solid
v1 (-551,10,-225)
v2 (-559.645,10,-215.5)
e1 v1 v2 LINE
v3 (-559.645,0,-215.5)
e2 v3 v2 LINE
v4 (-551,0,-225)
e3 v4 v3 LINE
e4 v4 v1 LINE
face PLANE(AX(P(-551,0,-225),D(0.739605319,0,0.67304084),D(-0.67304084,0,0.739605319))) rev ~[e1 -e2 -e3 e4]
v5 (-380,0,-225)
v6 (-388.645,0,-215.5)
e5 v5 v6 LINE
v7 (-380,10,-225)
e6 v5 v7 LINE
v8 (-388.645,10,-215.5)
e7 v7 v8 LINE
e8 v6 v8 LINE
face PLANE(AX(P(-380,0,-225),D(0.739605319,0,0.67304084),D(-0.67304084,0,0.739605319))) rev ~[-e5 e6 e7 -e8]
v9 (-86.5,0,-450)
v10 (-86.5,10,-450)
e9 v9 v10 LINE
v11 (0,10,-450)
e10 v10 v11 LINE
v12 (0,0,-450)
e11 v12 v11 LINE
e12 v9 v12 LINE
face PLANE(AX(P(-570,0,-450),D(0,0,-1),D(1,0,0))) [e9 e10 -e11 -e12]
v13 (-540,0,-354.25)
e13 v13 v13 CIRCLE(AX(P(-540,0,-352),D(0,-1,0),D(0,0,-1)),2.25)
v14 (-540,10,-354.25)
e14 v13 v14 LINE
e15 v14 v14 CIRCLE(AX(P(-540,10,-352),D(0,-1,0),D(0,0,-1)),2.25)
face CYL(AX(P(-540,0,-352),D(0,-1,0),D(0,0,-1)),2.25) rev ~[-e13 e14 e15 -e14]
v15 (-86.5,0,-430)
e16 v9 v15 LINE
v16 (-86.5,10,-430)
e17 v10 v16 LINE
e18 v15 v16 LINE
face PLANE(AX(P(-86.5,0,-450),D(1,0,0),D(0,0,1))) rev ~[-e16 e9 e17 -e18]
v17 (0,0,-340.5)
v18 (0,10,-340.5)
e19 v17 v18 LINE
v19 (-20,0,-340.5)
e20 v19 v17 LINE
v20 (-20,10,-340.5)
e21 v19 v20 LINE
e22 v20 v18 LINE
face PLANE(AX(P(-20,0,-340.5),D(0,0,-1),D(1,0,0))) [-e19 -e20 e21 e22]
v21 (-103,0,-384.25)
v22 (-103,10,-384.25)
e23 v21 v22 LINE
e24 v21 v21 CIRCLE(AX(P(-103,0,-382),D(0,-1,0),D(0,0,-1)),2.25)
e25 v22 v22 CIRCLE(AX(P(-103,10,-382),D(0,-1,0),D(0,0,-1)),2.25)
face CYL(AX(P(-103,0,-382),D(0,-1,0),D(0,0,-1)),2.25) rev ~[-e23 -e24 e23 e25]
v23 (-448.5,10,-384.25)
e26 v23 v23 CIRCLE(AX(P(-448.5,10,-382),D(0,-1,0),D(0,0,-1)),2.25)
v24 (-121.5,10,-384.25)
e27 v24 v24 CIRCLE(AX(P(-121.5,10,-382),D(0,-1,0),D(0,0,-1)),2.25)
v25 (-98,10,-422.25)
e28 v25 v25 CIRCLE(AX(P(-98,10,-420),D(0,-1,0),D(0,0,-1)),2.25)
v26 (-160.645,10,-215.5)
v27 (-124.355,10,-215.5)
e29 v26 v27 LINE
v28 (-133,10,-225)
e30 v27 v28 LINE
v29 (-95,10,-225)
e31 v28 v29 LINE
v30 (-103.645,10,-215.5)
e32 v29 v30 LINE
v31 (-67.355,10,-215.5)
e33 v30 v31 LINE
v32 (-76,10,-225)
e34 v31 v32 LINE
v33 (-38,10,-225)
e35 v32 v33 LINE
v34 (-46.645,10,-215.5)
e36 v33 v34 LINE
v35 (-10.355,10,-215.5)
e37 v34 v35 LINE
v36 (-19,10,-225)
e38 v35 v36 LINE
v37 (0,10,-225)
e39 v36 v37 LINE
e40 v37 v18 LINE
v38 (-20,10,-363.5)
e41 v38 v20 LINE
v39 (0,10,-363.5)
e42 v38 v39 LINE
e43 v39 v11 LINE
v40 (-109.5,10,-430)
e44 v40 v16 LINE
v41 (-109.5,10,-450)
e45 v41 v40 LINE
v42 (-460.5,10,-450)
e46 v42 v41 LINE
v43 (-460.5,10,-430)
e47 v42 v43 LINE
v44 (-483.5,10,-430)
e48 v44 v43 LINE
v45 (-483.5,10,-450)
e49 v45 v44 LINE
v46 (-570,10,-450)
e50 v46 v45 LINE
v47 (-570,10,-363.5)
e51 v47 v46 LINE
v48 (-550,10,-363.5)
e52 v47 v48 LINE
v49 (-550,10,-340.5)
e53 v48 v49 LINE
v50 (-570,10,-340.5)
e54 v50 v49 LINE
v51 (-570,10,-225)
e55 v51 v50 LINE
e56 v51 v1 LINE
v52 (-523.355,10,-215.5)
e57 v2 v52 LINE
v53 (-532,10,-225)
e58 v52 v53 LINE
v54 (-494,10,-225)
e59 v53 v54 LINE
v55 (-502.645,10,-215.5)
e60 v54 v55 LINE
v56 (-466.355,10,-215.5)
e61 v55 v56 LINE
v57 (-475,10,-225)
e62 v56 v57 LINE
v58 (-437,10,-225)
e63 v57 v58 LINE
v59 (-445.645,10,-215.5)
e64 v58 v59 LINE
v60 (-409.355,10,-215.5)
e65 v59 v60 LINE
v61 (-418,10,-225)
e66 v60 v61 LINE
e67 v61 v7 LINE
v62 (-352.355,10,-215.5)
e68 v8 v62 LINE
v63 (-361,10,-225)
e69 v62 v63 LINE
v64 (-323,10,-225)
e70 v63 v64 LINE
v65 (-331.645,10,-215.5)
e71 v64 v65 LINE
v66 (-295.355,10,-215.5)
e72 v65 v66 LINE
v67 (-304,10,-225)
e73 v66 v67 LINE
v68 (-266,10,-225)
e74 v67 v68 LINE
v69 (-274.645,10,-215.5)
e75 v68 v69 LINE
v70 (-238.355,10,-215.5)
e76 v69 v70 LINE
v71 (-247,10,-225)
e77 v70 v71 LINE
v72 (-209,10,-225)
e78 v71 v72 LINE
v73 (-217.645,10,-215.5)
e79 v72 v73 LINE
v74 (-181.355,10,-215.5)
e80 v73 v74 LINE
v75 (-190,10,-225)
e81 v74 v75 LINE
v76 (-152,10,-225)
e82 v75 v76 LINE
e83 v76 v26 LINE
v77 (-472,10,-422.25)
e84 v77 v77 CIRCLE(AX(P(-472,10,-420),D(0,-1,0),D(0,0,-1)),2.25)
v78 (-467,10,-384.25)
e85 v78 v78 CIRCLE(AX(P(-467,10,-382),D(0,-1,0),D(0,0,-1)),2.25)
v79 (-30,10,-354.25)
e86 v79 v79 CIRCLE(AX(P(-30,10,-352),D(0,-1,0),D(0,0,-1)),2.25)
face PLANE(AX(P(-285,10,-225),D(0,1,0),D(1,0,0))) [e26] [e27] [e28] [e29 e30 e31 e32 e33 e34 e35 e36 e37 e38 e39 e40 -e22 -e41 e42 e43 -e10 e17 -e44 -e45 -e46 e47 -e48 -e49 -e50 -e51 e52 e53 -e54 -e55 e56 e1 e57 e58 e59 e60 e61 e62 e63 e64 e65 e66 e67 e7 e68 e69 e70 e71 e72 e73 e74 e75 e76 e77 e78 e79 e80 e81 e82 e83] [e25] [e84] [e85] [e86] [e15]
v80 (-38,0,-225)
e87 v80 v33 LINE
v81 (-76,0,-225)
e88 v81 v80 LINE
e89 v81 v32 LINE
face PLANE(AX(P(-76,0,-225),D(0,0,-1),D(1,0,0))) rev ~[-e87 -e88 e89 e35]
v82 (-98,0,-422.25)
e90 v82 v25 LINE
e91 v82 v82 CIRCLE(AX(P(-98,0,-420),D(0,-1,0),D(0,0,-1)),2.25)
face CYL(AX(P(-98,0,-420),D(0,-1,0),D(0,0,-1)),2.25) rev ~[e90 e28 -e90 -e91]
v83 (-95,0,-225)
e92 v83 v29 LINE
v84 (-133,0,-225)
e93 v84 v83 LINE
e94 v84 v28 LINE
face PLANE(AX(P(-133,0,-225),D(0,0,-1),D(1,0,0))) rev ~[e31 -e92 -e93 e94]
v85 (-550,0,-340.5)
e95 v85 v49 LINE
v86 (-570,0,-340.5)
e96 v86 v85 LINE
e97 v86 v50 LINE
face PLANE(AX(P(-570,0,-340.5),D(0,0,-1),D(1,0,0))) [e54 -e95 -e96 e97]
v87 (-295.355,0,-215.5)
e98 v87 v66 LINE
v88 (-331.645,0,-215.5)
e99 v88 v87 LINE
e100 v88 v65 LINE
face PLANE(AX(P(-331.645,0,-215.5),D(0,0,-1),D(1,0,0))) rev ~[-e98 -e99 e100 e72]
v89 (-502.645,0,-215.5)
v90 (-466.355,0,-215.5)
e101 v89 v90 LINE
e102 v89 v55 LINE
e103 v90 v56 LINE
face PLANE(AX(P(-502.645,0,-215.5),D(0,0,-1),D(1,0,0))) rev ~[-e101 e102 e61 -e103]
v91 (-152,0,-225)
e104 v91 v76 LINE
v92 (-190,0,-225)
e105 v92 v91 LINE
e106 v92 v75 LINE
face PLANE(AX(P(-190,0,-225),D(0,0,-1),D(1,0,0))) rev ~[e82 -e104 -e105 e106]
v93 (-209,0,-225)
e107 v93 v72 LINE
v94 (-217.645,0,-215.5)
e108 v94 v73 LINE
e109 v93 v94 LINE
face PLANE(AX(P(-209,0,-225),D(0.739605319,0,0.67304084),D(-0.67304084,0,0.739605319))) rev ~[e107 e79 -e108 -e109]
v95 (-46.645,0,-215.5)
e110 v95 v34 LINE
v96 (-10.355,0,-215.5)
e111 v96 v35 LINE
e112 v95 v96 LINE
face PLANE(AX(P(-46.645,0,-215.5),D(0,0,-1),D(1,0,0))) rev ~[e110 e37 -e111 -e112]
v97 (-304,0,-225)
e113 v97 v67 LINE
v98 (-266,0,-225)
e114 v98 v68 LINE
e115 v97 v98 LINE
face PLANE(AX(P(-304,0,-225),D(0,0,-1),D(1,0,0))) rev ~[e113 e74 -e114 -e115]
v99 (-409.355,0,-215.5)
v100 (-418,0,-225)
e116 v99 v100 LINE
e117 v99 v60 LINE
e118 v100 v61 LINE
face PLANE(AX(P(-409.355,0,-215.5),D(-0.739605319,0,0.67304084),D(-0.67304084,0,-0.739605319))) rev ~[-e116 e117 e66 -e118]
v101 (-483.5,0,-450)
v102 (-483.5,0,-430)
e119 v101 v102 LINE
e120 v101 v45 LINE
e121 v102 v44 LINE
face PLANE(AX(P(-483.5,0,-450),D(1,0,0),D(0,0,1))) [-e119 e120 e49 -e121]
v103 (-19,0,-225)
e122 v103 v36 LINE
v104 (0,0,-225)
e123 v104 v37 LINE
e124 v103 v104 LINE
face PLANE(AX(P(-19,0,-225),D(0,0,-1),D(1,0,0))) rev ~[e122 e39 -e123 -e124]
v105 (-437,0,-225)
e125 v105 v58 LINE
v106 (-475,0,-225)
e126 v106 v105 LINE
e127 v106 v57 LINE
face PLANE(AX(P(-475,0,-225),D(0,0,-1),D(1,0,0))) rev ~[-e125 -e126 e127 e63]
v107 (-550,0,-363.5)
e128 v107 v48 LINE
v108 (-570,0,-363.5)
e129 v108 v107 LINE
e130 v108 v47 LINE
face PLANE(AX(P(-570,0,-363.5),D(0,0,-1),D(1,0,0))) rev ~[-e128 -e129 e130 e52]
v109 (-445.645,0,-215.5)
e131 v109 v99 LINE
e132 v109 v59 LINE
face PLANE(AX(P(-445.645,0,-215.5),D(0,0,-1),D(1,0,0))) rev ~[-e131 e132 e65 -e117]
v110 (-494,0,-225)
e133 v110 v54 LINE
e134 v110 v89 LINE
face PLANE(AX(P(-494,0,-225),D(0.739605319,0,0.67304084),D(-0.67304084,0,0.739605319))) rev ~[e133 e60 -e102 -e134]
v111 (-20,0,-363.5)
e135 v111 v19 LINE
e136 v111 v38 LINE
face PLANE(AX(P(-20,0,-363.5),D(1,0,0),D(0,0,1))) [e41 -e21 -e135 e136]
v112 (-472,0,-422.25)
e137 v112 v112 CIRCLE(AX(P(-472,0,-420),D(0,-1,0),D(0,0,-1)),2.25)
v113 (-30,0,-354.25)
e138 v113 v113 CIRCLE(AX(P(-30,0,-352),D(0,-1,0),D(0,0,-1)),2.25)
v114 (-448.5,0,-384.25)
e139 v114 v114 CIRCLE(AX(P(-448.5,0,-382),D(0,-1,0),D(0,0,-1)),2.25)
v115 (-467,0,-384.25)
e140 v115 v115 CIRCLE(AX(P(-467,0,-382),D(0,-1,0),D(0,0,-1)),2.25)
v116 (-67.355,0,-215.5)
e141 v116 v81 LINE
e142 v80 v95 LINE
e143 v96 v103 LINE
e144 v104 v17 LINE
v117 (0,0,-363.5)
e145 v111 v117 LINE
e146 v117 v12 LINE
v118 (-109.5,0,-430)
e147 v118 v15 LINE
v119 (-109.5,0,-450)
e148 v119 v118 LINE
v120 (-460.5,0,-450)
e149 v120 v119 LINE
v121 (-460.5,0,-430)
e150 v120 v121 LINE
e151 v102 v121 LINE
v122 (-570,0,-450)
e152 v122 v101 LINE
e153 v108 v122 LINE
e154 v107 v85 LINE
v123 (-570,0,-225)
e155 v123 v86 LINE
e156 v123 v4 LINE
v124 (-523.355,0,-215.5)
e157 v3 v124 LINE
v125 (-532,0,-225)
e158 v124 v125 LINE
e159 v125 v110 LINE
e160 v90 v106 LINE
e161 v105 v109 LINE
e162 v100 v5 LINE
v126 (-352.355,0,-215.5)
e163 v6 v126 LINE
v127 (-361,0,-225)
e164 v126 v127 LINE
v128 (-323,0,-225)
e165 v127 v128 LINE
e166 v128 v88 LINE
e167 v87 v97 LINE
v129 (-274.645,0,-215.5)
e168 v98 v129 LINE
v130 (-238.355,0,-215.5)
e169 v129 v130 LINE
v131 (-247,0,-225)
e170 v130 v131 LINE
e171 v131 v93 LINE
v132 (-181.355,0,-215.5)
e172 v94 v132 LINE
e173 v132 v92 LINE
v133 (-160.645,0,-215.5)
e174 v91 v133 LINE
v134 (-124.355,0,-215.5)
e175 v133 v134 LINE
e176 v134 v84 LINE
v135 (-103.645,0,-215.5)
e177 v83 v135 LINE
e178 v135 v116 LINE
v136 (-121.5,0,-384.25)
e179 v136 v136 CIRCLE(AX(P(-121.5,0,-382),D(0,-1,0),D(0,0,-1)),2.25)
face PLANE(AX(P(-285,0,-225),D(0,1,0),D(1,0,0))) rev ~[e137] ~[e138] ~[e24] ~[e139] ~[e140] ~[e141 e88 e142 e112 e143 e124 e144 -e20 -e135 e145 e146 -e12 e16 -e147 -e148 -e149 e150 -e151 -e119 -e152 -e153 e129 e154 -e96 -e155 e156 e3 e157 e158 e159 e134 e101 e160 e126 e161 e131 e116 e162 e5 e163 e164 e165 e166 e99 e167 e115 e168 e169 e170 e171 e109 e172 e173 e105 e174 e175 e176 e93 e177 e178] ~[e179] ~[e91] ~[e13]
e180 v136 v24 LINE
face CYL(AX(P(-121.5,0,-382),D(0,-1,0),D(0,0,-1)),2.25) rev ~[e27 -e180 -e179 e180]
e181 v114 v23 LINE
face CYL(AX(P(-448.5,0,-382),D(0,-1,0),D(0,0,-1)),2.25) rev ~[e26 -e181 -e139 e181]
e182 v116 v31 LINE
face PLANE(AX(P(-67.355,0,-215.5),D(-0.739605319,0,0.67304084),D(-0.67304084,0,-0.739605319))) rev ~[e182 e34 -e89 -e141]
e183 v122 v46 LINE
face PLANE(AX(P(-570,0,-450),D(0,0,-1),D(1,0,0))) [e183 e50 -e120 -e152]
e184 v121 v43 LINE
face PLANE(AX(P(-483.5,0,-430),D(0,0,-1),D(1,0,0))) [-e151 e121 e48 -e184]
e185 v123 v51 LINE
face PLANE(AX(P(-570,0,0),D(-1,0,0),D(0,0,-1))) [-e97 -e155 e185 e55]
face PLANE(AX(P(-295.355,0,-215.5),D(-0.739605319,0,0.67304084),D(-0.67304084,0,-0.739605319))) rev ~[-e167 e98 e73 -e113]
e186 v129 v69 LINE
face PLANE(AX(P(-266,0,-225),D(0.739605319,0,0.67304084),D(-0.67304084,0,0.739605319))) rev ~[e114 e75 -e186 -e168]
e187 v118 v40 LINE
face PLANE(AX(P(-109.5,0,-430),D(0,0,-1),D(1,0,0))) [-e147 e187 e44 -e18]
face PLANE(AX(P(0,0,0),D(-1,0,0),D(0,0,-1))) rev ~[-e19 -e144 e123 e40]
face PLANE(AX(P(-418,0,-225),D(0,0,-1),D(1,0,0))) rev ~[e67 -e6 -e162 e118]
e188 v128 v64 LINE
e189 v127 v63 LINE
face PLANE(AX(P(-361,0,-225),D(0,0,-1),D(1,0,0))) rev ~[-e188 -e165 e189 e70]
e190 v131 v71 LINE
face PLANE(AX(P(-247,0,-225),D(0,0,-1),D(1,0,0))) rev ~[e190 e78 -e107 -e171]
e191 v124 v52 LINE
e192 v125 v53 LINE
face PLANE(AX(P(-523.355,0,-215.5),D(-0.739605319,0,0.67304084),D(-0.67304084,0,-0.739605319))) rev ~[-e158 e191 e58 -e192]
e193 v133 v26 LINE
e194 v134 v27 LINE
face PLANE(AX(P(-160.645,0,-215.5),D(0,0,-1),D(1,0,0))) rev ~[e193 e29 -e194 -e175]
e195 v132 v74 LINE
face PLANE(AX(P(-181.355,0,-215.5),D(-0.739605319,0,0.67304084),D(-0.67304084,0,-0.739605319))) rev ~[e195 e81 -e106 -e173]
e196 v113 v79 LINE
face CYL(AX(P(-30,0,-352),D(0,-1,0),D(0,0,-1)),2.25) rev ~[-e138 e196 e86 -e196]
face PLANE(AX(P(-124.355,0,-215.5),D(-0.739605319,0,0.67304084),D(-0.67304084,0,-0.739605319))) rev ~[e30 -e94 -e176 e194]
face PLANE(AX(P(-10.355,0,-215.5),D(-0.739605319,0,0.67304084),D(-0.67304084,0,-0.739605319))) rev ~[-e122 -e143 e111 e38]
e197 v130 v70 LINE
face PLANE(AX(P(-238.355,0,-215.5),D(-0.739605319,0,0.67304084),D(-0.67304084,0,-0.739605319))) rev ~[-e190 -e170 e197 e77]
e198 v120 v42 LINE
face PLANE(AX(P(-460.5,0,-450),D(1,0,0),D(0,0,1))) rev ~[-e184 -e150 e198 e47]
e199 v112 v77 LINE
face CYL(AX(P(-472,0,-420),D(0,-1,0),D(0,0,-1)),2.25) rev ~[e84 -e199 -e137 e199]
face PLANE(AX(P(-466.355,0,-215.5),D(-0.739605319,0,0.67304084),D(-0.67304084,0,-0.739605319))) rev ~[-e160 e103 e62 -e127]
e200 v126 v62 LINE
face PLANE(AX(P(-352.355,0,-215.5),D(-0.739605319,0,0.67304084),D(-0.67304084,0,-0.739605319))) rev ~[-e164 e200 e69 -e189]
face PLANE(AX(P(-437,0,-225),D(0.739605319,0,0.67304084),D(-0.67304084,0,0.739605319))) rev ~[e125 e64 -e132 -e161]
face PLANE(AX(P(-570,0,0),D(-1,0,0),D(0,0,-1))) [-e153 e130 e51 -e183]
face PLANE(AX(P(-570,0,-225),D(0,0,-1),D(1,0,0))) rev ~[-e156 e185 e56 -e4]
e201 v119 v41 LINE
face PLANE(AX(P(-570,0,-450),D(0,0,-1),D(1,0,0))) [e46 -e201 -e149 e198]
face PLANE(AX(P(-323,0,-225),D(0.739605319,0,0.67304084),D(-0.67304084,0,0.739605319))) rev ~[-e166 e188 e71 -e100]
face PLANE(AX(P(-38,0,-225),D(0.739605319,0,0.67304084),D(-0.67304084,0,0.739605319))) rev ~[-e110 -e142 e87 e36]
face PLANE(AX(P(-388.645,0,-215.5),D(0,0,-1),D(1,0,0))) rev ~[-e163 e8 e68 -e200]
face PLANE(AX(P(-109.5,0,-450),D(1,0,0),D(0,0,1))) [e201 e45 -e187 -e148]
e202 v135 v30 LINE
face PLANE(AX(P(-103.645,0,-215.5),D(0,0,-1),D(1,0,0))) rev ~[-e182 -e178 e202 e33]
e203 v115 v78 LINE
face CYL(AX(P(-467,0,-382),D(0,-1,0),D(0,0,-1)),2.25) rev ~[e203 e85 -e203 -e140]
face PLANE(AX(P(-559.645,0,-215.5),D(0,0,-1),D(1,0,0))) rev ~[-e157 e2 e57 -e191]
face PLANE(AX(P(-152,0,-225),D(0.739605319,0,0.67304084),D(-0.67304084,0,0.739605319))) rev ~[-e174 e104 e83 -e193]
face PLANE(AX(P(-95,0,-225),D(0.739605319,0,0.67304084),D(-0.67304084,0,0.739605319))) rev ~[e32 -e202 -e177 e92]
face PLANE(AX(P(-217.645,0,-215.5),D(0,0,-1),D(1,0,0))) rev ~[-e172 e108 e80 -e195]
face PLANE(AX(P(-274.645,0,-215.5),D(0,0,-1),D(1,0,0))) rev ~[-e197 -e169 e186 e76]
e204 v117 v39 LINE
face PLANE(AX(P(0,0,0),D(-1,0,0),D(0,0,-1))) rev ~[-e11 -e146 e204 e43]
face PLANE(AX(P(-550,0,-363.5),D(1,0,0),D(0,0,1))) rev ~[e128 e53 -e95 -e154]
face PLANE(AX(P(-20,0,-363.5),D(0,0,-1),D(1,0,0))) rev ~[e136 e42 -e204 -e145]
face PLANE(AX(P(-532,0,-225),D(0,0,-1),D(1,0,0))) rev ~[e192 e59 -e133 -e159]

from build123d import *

# Parameters (mm, degrees)
SCHIZZO1_W                   = 570
SCHIZZO1_H                   = 450
ESTRUSIONE_ESTRUSIONE1_DEPTH = 10
SCHIZZO2_R                   = 2.25
SCHIZZO2_W                   = 23
SCHIZZO2_H                   = 20
SCHIZZO2_W_2                 = 20
SCHIZZO2_H_2                 = 23
TAGLIO_ESTRUSIONE1_DEPTH     = 10
TAGLIO_ESTRUSIONE2_DEPTH     = 10


with BuildPart() as part:
    # Schizzo1 → Estrusione-Estrusione1 (new body)
    with BuildSketch(Plane(origin=(0, 0, 0), x_dir=(1, 0, 0), z_dir=(0, 1, 0))):
        with Locations((-285, 225)):
            Rectangle(SCHIZZO1_W, SCHIZZO1_H)
    extrude(amount=ESTRUSIONE_ESTRUSIONE1_DEPTH)

    # Schizzo2 → Taglio-Estrusione1 (cut)
    with BuildSketch(Plane.XZ):
        with Locations(Location((-467, -68, 0), (0, 0, 270))):
            Circle(SCHIZZO2_R)
        with Locations(Location((-448.5, -68, 0), (0, 0, 270))):
            Circle(SCHIZZO2_R)
        with Locations(Location((-121.5, -68, 0), (0, 0, 270))):
            Circle(SCHIZZO2_R)
        with Locations(Location((-103, -68, 0), (0, 0, 270))):
            Circle(SCHIZZO2_R)
        with Locations(Location((-467, -382, 0), (0, 0, 270))):
            Circle(SCHIZZO2_R)
        with Locations(Location((-448.5, -382, 0), (0, 0, 270))):
            Circle(SCHIZZO2_R)
        with Locations(Location((-121.5, -382, 0), (0, 0, 270))):
            Circle(SCHIZZO2_R)
        with Locations(Location((-103, -382, 0), (0, 0, 270))):
            Circle(SCHIZZO2_R)
        with Locations(Location((-472, -420, 0), (0, 0, 270))):
            Circle(SCHIZZO2_R)
        with Locations(Location((-540, -352, 0), (0, 0, 270))):
            Circle(SCHIZZO2_R)
        with Locations(Location((-540, -98, 0), (0, 0, 270))):
            Circle(SCHIZZO2_R)
        with Locations(Location((-472, -30, 0), (0, 0, 270))):
            Circle(SCHIZZO2_R)
        with Locations(Location((-98, -30, 0), (0, 0, 270))):
            Circle(SCHIZZO2_R)
        with Locations(Location((-30, -98, 0), (0, 0, 270))):
            Circle(SCHIZZO2_R)
        with Locations(Location((-30, -352, 0), (0, 0, 270))):
            Circle(SCHIZZO2_R)
        with Locations(Location((-98, -420, 0), (0, 0, 270))):
            Circle(SCHIZZO2_R)
        with Locations((-472, -10)):
            Rectangle(SCHIZZO2_W, SCHIZZO2_H)
        with Locations((-98, -10)):
            Rectangle(SCHIZZO2_W, SCHIZZO2_H)
        with Locations((-10, -98)):
            Rectangle(SCHIZZO2_W_2, SCHIZZO2_H_2)
        with Locations((-10, -352)):
            Rectangle(SCHIZZO2_W_2, SCHIZZO2_H_2)
        with Locations((-98, -440)):
            Rectangle(SCHIZZO2_W, SCHIZZO2_H)
        with Locations((-472, -440)):
            Rectangle(SCHIZZO2_W, SCHIZZO2_H)
        with Locations((-560, -352)):
            Rectangle(SCHIZZO2_W_2, SCHIZZO2_H_2)
        with Locations((-560, -98)):
            Rectangle(SCHIZZO2_W_2, SCHIZZO2_H_2)
    extrude(amount=-TAGLIO_ESTRUSIONE1_DEPTH, mode=Mode.SUBTRACT)

    # Schizzo3 → Taglio-Estrusione2 (cut)
    with BuildSketch(Plane.XZ):
        Polygon((-570, -225), (-551, -225), (-559.645, -215.5), (-523.355, -215.5), (-532, -225), (-513, -225), (-494, -225), (-502.645, -215.5), (-466.355, -215.5), (-475, -225), (-456, -225), (-437, -225), (-445.645, -215.5), (-409.355, -215.5), (-418, -225), (-399, -225), (-380, -225), (-388.645, -215.5), (-352.355, -215.5), (-361, -225), (-342, -225), (-323, -225), (-331.645, -215.5), (-295.355, -215.5), (-304, -225), (-285, -225), (-266, -225), (-274.645, -215.5), (-238.355, -215.5), (-247, -225), (-228, -225), (-209, -225), (-217.645, -215.5), (-181.355, -215.5), (-190, -225), (-171, -225), (-152, -225), (-160.645, -215.5), (-124.355, -215.5), (-133, -225), (-114, -225), (-95, -225), (-103.645, -215.5), (-67.355, -215.5), (-76, -225), (-57, -225), (-38, -225), (-46.645, -215.5), (-10.355, -215.5), (-19, -225), (0, -225), (0, 0), (-570, 0), align=None)
    extrude(amount=-TAGLIO_ESTRUSIONE2_DEPTH, mode=Mode.SUBTRACT)


solid = part.part
